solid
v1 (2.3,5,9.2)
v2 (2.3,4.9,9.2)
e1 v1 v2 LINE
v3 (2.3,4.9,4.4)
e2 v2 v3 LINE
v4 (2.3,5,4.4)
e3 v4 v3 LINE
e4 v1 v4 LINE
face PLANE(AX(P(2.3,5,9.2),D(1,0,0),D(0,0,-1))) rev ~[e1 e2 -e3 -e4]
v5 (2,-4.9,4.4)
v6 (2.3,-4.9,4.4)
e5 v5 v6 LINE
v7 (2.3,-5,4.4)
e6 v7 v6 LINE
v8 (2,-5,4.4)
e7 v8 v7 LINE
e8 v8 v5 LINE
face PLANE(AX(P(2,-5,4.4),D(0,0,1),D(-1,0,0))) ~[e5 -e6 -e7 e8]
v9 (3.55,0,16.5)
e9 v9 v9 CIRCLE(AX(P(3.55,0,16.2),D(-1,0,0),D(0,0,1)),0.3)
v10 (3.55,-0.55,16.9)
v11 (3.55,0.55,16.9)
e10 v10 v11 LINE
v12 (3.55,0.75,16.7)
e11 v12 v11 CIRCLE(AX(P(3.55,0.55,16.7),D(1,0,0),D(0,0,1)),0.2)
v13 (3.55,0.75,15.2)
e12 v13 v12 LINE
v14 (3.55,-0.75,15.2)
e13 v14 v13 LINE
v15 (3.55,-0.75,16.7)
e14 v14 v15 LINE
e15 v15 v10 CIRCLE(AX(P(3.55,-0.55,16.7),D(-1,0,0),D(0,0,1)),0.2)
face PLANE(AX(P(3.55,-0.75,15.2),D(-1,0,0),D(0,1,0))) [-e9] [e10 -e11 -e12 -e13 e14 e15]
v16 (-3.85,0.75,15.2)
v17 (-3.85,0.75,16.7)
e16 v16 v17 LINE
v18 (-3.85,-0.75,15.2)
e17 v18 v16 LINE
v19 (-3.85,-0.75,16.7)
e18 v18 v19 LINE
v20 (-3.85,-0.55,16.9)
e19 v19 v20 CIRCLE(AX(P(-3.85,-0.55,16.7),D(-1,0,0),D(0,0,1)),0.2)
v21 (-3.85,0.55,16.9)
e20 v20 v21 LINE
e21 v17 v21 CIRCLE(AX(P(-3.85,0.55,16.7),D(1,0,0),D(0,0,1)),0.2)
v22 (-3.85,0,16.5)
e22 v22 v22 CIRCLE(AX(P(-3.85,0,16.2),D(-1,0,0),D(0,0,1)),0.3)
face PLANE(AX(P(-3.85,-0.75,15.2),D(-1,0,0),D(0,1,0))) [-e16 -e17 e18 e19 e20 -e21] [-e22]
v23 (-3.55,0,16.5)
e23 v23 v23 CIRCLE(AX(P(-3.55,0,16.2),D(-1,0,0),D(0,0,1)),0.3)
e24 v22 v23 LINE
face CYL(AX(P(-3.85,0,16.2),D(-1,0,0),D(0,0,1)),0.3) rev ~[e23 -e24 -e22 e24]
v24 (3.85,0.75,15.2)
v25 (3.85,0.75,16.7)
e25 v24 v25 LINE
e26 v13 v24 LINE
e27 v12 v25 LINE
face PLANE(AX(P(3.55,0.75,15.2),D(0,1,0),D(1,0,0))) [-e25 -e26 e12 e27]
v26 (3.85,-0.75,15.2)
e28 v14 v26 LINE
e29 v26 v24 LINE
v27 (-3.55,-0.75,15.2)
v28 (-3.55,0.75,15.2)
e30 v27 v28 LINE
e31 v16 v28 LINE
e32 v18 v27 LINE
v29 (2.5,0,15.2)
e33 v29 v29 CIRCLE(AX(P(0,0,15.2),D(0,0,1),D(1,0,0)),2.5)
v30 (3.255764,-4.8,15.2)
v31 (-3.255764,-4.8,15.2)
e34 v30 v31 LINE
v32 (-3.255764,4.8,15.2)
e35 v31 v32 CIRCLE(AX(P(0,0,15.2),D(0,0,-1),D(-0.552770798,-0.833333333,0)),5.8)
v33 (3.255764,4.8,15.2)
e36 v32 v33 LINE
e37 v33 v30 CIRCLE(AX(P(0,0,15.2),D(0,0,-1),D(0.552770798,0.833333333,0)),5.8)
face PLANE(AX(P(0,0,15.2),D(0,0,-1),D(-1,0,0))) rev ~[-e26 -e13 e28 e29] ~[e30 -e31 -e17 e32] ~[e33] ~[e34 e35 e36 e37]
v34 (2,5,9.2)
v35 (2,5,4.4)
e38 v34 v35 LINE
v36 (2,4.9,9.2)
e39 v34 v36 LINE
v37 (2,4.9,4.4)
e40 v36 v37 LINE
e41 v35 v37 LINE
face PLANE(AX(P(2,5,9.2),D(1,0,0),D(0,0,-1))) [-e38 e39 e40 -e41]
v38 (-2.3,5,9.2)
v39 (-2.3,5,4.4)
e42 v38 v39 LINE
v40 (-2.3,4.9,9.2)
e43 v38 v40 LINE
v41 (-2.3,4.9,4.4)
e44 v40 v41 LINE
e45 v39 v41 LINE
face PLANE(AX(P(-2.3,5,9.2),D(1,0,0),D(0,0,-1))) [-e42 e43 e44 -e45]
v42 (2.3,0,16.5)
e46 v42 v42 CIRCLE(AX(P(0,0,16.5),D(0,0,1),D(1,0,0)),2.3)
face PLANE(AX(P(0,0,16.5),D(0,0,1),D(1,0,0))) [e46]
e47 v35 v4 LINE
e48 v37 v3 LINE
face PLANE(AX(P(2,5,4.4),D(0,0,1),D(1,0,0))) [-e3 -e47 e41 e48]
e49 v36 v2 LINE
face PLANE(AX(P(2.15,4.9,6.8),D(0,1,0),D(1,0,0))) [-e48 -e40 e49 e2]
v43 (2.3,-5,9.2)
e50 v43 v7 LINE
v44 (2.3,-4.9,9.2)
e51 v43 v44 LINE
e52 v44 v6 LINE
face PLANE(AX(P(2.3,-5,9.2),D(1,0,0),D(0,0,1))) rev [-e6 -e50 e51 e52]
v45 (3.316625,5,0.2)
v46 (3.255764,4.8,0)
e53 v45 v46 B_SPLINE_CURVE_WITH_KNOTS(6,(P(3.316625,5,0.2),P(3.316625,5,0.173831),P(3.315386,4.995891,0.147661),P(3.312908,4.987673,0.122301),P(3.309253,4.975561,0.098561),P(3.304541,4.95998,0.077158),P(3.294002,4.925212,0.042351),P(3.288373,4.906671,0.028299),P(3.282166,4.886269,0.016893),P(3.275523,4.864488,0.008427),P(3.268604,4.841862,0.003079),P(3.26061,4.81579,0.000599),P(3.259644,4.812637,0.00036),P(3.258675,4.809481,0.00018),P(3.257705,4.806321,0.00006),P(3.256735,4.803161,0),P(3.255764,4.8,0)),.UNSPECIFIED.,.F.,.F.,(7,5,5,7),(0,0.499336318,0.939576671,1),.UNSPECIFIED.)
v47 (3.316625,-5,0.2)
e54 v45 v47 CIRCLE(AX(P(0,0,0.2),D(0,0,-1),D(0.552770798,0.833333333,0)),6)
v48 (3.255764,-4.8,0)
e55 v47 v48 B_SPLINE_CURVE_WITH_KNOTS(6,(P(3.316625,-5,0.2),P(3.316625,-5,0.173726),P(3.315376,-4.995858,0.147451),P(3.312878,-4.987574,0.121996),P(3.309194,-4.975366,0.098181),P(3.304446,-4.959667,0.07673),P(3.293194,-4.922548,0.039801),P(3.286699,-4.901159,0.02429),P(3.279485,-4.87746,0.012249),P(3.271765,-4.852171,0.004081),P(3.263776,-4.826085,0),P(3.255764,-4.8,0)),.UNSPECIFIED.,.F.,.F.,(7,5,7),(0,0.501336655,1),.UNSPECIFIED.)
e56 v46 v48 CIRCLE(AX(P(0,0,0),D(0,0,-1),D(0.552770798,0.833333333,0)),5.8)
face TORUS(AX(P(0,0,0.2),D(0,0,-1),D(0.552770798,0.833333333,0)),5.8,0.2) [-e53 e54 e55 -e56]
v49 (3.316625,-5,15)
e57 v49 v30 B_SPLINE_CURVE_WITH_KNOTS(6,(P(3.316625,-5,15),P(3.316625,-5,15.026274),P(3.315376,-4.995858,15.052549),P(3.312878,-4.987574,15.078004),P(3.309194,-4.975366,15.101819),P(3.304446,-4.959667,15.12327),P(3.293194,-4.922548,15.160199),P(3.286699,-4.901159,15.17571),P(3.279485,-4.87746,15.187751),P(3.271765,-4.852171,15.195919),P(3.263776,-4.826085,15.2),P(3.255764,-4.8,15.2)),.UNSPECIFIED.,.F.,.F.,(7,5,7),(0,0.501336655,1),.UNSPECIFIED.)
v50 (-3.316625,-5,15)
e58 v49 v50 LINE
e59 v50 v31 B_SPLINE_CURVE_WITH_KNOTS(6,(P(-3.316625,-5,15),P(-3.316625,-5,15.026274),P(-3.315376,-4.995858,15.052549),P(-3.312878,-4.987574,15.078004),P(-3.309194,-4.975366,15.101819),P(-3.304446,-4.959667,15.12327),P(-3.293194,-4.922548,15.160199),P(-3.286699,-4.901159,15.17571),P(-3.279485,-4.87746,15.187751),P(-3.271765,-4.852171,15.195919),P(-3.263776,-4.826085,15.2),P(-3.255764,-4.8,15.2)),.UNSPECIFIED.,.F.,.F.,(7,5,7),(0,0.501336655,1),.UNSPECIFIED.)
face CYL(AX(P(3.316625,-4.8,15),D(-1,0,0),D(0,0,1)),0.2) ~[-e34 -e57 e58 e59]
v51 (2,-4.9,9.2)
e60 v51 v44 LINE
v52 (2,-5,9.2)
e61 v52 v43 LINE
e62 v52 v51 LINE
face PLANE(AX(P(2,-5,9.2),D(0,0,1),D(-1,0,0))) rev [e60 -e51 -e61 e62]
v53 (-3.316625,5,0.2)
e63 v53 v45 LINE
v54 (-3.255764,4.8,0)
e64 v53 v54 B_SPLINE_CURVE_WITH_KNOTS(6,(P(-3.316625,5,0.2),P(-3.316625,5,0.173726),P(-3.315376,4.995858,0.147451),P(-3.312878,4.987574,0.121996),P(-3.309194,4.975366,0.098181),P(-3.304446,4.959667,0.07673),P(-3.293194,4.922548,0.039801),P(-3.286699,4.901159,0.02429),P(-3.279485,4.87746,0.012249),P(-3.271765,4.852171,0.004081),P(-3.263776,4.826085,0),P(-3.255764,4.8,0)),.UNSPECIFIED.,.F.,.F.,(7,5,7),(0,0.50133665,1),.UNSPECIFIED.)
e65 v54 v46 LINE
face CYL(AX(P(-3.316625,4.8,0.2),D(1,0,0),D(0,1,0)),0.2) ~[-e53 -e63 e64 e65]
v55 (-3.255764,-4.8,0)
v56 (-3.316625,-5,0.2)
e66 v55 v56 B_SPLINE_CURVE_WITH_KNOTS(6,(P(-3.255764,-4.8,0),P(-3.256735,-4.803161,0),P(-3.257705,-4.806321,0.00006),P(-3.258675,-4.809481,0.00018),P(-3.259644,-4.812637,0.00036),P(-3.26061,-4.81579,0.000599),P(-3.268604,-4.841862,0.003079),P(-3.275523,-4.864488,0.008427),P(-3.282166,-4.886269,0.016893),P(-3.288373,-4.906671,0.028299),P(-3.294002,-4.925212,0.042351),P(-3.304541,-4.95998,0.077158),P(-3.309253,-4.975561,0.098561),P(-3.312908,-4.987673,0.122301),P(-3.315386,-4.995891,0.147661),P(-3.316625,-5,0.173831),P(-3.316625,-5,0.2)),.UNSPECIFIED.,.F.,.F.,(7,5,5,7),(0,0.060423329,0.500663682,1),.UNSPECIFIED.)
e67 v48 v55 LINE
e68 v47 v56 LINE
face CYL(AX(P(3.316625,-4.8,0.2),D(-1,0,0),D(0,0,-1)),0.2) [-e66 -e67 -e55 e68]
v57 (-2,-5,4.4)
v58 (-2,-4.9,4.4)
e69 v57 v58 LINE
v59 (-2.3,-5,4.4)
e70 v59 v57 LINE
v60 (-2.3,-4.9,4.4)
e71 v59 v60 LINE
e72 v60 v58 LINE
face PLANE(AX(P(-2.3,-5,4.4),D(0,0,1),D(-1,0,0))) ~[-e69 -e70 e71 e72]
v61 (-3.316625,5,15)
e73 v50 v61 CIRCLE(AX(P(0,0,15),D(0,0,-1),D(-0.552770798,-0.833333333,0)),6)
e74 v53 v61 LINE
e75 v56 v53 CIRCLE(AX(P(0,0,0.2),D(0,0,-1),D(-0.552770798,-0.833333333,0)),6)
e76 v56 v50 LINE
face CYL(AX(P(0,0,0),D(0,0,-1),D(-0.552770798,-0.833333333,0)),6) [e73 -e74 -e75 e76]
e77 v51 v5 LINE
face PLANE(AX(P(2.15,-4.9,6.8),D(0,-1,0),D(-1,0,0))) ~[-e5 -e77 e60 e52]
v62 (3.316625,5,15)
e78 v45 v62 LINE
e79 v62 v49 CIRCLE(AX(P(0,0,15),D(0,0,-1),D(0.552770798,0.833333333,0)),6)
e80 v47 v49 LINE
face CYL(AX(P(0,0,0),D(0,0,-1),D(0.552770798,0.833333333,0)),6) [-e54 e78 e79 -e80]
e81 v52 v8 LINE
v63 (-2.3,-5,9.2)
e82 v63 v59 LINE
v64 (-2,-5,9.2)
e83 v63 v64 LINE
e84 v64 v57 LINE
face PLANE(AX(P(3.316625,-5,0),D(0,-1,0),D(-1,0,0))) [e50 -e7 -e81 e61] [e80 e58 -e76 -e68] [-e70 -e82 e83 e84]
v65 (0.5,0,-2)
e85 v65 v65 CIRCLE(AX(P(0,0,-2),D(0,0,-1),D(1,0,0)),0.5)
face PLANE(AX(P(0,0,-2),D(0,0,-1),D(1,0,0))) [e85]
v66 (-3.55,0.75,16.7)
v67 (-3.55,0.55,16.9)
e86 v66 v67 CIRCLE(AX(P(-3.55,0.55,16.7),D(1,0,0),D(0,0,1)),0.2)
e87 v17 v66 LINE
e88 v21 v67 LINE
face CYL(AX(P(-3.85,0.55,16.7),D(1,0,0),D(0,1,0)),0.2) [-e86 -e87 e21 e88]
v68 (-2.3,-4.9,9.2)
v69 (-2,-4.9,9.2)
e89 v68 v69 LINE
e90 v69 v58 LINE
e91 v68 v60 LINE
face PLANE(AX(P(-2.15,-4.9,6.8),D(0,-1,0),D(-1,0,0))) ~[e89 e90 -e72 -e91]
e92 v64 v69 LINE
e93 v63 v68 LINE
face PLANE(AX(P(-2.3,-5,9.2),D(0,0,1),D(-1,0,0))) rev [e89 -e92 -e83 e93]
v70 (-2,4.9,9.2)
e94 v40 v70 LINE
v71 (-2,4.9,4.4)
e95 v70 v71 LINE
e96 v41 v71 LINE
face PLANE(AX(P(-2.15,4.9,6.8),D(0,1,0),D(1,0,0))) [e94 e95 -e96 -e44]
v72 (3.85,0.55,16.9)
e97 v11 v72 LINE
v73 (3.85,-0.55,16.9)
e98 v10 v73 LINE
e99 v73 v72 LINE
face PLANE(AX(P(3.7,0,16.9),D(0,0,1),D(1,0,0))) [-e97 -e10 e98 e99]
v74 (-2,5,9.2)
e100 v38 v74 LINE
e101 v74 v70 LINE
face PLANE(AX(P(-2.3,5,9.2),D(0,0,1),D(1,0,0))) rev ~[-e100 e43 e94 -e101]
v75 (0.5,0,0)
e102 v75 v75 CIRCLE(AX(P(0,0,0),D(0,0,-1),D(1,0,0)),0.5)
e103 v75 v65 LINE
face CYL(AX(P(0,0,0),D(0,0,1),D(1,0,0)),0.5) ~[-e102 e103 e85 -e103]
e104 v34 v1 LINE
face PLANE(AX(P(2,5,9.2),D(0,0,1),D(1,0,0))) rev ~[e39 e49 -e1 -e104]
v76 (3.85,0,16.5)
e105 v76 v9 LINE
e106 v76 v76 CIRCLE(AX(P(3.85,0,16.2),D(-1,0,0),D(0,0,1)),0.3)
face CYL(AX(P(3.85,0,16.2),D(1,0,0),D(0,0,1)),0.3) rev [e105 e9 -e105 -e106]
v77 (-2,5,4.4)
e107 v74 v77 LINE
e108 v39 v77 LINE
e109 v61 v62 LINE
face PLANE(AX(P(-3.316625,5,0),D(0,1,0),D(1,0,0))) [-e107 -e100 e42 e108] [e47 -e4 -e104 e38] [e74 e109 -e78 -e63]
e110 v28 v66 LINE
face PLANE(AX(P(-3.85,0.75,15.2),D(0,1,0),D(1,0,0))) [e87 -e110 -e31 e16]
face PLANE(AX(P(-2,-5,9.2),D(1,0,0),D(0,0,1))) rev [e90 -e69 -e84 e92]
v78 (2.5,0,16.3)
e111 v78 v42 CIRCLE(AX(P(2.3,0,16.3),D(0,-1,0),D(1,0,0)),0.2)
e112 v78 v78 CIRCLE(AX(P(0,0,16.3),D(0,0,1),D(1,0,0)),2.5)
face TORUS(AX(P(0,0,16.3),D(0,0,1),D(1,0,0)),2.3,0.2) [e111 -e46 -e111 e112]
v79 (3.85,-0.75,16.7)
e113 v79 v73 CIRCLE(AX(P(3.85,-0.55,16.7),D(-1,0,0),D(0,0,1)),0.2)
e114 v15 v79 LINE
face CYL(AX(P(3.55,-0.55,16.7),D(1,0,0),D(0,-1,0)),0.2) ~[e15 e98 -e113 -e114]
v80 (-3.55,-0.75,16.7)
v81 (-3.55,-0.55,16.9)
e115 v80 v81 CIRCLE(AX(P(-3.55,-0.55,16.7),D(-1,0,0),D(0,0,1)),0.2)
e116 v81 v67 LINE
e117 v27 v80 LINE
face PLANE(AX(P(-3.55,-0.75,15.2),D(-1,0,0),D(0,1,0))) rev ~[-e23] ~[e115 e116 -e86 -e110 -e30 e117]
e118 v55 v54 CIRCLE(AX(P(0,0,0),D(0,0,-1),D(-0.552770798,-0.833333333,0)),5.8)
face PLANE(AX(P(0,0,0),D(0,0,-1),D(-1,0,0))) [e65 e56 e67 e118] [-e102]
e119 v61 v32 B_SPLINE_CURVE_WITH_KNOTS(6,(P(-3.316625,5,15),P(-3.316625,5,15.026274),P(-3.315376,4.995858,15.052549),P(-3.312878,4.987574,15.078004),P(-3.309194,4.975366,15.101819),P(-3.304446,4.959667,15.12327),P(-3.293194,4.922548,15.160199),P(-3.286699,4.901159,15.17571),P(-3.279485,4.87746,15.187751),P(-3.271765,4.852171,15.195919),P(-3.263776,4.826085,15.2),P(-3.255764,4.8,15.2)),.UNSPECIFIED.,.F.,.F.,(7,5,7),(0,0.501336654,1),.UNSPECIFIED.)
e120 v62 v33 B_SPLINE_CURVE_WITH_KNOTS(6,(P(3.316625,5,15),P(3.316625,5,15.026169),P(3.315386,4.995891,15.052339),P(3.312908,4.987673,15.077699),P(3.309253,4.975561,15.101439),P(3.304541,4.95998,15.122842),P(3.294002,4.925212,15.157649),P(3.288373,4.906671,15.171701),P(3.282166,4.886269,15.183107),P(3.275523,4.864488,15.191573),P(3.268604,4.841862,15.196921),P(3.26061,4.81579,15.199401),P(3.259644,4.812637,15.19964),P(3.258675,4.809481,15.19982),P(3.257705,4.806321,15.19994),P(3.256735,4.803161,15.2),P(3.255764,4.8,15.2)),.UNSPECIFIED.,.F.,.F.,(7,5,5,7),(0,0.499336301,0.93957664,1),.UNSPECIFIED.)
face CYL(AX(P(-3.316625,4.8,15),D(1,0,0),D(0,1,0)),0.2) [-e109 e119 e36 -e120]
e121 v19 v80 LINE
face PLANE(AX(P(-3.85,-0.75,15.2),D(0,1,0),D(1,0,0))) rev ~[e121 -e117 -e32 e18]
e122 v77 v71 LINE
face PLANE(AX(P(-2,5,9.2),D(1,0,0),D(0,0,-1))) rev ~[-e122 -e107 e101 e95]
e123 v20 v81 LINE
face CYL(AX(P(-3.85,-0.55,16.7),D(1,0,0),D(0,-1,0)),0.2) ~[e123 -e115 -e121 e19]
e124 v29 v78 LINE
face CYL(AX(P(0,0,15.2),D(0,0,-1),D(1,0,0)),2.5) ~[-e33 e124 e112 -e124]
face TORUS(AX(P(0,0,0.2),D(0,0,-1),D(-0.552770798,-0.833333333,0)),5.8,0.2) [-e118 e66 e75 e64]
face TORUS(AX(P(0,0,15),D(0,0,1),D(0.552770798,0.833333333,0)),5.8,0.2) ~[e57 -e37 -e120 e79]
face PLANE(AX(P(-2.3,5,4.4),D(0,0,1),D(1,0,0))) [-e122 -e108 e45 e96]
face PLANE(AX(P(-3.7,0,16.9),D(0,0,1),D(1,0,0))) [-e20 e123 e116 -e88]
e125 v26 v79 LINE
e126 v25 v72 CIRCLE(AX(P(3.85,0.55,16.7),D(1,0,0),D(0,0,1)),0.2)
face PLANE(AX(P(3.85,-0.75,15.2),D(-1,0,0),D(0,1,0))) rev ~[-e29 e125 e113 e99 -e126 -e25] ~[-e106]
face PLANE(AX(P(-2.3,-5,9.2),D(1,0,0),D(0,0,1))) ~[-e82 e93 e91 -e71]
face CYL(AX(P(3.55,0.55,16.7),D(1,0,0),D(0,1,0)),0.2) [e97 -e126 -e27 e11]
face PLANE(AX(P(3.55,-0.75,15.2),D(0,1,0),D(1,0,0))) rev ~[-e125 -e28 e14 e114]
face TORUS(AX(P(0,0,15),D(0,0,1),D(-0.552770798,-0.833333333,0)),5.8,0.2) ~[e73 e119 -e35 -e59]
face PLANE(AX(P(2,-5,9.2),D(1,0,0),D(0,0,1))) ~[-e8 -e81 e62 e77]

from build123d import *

# Parameters (mm, degrees)
AUFSATZ_LINEAR_AUSTRAGEN1_DEPTH = 15.2
SKIZZE2_R                       = 2.5
AUFSATZ_LINEAR_AUSTRAGEN2_DEPTH = 1.3
SKIZZE3_R                       = 0.5
AUFSATZ_LINEAR_AUSTRAGEN3_DEPTH = 2
VERRUNDUNG1_R                   = 0.2
SKIZZE4_W                       = 0.3
SKIZZE4_H                       = 4.8
SCHNITT_LINEAR_AUSTRAGEN1_DEPTH = 0.1
SKIZZE5_W                       = 0.3
SKIZZE5_H                       = 1.5
AUFSATZ_LINEAR_AUSTRAGEN4_DEPTH = 1.7
SCHNITT_LINEAR_AUSTRAGEN2_REACH = 22.19
SKIZZE6_R                       = 0.3
VERRUNDUNG2_R                   = 0.2


with BuildPart() as part:
    # Skizze1 → Aufsatz-Linear austragen1 (new body)
    with BuildSketch(Plane.XY):
        with BuildLine():
            Line((-3.31662479, 5), (3.31662479, 5))
            ThreePointArc((3.31662479, 5), (6, 0), (3.31662479, -5))
            Line((3.31662479, -5), (-3.31662479, -5))
            ThreePointArc((-3.31662479, -5), (-6, 0), (-3.31662479, 5))
        make_face()
    extrude(amount=AUFSATZ_LINEAR_AUSTRAGEN1_DEPTH)

    # Skizze2 → Aufsatz-Linear austragen2 (add)
    with BuildSketch(Plane.XY.offset(15.2)):
        Circle(SKIZZE2_R)
    extrude(amount=AUFSATZ_LINEAR_AUSTRAGEN2_DEPTH)

    # Skizze3 → Aufsatz-Linear austragen3 (add)
    with BuildSketch(Plane(origin=(0, 0, 0), x_dir=(-1, 0, 0), z_dir=(0, 0, -1))):
        with Locations(Location((0, 0, 0), (0, 0, 180))):
            Circle(SKIZZE3_R)
    extrude(amount=AUFSATZ_LINEAR_AUSTRAGEN3_DEPTH)

    # Verrundung1
    verrundung1_edges = [part.edges().sort_by_distance(p)[0] for p in [
        (6, 0, 15.2),
        (0, 5, 15.2),
        (-2.5, 0, 16.5),
        (-6, 0, 15.2),
        (0, 5, 0),
        (6, 0, 0),
        (0, -5, 0),
        (-6, 0, 0),
        (0, -5, 15.2),
    ]]
    fillet(verrundung1_edges, radius=VERRUNDUNG1_R)

    # Skizze4 → Schnitt-Linear austragen1 (cut)
    with BuildSketch(Plane(origin=(0, 5, 0), x_dir=(1, 0, 0), z_dir=(0, 1, 0))):
        with Locations((-2.15, -6.8)):
            Rectangle(SKIZZE4_W, SKIZZE4_H)
        with Locations((2.15, -6.8)):
            Rectangle(SKIZZE4_W, SKIZZE4_H)
    schnitt_linear_austragen1 = extrude(amount=-SCHNITT_LINEAR_AUSTRAGEN1_DEPTH, mode=Mode.SUBTRACT)

    # Spiegeln1: Schnitt-Linear austragen1 across plane
    add(schnitt_linear_austragen1.mirror(Plane.ZX), mode=Mode.SUBTRACT)

    # Skizze5 → Aufsatz-Linear austragen4 (add)
    with BuildSketch(Plane.XY.offset(15.2)):
        with Locations((-3.7, 0)):
            Rectangle(SKIZZE5_W, SKIZZE5_H)
        with Locations((3.7, 0)):
            Rectangle(SKIZZE5_W, SKIZZE5_H)
    extrude(amount=AUFSATZ_LINEAR_AUSTRAGEN4_DEPTH)

    # Skizze6 → Schnitt-Linear austragen2 (cut, up to next)
    with BuildSketch(Plane.ZY.offset(3.85), mode=Mode.PRIVATE) as schnitt_linear_austragen2_sk1:
        with Locations((16.2, 0)):
            Circle(SKIZZE6_R)
    schnitt_linear_austragen2_tool1 = extrude(schnitt_linear_austragen2_sk1.sketch, amount=-SCHNITT_LINEAR_AUSTRAGEN2_REACH, mode=Mode.PRIVATE) & part.part
    schnitt_linear_austragen2 = schnitt_linear_austragen2_tool1.solids().sort_by_distance((-3.85, 0, 16.2))[0]
    add(schnitt_linear_austragen2, mode=Mode.SUBTRACT)

    # Spiegeln6: Schnitt-Linear austragen2 across plane
    add(schnitt_linear_austragen2.mirror(Plane(origin=(0, 0, 0), x_dir=(0, 0, 1), z_dir=(1, 0, 0))), mode=Mode.SUBTRACT)

    # Verrundung2
    verrundung2_edges = [part.edges().sort_by_distance(p)[0] for p in [
        (-3.7, -0.75, 16.9),
        (-3.7, 0.75, 16.9),
        (3.7, -0.75, 16.9),
        (3.7, 0.75, 16.9),
    ]]
    fillet(verrundung2_edges, radius=VERRUNDUNG2_R)


solid = part.part
